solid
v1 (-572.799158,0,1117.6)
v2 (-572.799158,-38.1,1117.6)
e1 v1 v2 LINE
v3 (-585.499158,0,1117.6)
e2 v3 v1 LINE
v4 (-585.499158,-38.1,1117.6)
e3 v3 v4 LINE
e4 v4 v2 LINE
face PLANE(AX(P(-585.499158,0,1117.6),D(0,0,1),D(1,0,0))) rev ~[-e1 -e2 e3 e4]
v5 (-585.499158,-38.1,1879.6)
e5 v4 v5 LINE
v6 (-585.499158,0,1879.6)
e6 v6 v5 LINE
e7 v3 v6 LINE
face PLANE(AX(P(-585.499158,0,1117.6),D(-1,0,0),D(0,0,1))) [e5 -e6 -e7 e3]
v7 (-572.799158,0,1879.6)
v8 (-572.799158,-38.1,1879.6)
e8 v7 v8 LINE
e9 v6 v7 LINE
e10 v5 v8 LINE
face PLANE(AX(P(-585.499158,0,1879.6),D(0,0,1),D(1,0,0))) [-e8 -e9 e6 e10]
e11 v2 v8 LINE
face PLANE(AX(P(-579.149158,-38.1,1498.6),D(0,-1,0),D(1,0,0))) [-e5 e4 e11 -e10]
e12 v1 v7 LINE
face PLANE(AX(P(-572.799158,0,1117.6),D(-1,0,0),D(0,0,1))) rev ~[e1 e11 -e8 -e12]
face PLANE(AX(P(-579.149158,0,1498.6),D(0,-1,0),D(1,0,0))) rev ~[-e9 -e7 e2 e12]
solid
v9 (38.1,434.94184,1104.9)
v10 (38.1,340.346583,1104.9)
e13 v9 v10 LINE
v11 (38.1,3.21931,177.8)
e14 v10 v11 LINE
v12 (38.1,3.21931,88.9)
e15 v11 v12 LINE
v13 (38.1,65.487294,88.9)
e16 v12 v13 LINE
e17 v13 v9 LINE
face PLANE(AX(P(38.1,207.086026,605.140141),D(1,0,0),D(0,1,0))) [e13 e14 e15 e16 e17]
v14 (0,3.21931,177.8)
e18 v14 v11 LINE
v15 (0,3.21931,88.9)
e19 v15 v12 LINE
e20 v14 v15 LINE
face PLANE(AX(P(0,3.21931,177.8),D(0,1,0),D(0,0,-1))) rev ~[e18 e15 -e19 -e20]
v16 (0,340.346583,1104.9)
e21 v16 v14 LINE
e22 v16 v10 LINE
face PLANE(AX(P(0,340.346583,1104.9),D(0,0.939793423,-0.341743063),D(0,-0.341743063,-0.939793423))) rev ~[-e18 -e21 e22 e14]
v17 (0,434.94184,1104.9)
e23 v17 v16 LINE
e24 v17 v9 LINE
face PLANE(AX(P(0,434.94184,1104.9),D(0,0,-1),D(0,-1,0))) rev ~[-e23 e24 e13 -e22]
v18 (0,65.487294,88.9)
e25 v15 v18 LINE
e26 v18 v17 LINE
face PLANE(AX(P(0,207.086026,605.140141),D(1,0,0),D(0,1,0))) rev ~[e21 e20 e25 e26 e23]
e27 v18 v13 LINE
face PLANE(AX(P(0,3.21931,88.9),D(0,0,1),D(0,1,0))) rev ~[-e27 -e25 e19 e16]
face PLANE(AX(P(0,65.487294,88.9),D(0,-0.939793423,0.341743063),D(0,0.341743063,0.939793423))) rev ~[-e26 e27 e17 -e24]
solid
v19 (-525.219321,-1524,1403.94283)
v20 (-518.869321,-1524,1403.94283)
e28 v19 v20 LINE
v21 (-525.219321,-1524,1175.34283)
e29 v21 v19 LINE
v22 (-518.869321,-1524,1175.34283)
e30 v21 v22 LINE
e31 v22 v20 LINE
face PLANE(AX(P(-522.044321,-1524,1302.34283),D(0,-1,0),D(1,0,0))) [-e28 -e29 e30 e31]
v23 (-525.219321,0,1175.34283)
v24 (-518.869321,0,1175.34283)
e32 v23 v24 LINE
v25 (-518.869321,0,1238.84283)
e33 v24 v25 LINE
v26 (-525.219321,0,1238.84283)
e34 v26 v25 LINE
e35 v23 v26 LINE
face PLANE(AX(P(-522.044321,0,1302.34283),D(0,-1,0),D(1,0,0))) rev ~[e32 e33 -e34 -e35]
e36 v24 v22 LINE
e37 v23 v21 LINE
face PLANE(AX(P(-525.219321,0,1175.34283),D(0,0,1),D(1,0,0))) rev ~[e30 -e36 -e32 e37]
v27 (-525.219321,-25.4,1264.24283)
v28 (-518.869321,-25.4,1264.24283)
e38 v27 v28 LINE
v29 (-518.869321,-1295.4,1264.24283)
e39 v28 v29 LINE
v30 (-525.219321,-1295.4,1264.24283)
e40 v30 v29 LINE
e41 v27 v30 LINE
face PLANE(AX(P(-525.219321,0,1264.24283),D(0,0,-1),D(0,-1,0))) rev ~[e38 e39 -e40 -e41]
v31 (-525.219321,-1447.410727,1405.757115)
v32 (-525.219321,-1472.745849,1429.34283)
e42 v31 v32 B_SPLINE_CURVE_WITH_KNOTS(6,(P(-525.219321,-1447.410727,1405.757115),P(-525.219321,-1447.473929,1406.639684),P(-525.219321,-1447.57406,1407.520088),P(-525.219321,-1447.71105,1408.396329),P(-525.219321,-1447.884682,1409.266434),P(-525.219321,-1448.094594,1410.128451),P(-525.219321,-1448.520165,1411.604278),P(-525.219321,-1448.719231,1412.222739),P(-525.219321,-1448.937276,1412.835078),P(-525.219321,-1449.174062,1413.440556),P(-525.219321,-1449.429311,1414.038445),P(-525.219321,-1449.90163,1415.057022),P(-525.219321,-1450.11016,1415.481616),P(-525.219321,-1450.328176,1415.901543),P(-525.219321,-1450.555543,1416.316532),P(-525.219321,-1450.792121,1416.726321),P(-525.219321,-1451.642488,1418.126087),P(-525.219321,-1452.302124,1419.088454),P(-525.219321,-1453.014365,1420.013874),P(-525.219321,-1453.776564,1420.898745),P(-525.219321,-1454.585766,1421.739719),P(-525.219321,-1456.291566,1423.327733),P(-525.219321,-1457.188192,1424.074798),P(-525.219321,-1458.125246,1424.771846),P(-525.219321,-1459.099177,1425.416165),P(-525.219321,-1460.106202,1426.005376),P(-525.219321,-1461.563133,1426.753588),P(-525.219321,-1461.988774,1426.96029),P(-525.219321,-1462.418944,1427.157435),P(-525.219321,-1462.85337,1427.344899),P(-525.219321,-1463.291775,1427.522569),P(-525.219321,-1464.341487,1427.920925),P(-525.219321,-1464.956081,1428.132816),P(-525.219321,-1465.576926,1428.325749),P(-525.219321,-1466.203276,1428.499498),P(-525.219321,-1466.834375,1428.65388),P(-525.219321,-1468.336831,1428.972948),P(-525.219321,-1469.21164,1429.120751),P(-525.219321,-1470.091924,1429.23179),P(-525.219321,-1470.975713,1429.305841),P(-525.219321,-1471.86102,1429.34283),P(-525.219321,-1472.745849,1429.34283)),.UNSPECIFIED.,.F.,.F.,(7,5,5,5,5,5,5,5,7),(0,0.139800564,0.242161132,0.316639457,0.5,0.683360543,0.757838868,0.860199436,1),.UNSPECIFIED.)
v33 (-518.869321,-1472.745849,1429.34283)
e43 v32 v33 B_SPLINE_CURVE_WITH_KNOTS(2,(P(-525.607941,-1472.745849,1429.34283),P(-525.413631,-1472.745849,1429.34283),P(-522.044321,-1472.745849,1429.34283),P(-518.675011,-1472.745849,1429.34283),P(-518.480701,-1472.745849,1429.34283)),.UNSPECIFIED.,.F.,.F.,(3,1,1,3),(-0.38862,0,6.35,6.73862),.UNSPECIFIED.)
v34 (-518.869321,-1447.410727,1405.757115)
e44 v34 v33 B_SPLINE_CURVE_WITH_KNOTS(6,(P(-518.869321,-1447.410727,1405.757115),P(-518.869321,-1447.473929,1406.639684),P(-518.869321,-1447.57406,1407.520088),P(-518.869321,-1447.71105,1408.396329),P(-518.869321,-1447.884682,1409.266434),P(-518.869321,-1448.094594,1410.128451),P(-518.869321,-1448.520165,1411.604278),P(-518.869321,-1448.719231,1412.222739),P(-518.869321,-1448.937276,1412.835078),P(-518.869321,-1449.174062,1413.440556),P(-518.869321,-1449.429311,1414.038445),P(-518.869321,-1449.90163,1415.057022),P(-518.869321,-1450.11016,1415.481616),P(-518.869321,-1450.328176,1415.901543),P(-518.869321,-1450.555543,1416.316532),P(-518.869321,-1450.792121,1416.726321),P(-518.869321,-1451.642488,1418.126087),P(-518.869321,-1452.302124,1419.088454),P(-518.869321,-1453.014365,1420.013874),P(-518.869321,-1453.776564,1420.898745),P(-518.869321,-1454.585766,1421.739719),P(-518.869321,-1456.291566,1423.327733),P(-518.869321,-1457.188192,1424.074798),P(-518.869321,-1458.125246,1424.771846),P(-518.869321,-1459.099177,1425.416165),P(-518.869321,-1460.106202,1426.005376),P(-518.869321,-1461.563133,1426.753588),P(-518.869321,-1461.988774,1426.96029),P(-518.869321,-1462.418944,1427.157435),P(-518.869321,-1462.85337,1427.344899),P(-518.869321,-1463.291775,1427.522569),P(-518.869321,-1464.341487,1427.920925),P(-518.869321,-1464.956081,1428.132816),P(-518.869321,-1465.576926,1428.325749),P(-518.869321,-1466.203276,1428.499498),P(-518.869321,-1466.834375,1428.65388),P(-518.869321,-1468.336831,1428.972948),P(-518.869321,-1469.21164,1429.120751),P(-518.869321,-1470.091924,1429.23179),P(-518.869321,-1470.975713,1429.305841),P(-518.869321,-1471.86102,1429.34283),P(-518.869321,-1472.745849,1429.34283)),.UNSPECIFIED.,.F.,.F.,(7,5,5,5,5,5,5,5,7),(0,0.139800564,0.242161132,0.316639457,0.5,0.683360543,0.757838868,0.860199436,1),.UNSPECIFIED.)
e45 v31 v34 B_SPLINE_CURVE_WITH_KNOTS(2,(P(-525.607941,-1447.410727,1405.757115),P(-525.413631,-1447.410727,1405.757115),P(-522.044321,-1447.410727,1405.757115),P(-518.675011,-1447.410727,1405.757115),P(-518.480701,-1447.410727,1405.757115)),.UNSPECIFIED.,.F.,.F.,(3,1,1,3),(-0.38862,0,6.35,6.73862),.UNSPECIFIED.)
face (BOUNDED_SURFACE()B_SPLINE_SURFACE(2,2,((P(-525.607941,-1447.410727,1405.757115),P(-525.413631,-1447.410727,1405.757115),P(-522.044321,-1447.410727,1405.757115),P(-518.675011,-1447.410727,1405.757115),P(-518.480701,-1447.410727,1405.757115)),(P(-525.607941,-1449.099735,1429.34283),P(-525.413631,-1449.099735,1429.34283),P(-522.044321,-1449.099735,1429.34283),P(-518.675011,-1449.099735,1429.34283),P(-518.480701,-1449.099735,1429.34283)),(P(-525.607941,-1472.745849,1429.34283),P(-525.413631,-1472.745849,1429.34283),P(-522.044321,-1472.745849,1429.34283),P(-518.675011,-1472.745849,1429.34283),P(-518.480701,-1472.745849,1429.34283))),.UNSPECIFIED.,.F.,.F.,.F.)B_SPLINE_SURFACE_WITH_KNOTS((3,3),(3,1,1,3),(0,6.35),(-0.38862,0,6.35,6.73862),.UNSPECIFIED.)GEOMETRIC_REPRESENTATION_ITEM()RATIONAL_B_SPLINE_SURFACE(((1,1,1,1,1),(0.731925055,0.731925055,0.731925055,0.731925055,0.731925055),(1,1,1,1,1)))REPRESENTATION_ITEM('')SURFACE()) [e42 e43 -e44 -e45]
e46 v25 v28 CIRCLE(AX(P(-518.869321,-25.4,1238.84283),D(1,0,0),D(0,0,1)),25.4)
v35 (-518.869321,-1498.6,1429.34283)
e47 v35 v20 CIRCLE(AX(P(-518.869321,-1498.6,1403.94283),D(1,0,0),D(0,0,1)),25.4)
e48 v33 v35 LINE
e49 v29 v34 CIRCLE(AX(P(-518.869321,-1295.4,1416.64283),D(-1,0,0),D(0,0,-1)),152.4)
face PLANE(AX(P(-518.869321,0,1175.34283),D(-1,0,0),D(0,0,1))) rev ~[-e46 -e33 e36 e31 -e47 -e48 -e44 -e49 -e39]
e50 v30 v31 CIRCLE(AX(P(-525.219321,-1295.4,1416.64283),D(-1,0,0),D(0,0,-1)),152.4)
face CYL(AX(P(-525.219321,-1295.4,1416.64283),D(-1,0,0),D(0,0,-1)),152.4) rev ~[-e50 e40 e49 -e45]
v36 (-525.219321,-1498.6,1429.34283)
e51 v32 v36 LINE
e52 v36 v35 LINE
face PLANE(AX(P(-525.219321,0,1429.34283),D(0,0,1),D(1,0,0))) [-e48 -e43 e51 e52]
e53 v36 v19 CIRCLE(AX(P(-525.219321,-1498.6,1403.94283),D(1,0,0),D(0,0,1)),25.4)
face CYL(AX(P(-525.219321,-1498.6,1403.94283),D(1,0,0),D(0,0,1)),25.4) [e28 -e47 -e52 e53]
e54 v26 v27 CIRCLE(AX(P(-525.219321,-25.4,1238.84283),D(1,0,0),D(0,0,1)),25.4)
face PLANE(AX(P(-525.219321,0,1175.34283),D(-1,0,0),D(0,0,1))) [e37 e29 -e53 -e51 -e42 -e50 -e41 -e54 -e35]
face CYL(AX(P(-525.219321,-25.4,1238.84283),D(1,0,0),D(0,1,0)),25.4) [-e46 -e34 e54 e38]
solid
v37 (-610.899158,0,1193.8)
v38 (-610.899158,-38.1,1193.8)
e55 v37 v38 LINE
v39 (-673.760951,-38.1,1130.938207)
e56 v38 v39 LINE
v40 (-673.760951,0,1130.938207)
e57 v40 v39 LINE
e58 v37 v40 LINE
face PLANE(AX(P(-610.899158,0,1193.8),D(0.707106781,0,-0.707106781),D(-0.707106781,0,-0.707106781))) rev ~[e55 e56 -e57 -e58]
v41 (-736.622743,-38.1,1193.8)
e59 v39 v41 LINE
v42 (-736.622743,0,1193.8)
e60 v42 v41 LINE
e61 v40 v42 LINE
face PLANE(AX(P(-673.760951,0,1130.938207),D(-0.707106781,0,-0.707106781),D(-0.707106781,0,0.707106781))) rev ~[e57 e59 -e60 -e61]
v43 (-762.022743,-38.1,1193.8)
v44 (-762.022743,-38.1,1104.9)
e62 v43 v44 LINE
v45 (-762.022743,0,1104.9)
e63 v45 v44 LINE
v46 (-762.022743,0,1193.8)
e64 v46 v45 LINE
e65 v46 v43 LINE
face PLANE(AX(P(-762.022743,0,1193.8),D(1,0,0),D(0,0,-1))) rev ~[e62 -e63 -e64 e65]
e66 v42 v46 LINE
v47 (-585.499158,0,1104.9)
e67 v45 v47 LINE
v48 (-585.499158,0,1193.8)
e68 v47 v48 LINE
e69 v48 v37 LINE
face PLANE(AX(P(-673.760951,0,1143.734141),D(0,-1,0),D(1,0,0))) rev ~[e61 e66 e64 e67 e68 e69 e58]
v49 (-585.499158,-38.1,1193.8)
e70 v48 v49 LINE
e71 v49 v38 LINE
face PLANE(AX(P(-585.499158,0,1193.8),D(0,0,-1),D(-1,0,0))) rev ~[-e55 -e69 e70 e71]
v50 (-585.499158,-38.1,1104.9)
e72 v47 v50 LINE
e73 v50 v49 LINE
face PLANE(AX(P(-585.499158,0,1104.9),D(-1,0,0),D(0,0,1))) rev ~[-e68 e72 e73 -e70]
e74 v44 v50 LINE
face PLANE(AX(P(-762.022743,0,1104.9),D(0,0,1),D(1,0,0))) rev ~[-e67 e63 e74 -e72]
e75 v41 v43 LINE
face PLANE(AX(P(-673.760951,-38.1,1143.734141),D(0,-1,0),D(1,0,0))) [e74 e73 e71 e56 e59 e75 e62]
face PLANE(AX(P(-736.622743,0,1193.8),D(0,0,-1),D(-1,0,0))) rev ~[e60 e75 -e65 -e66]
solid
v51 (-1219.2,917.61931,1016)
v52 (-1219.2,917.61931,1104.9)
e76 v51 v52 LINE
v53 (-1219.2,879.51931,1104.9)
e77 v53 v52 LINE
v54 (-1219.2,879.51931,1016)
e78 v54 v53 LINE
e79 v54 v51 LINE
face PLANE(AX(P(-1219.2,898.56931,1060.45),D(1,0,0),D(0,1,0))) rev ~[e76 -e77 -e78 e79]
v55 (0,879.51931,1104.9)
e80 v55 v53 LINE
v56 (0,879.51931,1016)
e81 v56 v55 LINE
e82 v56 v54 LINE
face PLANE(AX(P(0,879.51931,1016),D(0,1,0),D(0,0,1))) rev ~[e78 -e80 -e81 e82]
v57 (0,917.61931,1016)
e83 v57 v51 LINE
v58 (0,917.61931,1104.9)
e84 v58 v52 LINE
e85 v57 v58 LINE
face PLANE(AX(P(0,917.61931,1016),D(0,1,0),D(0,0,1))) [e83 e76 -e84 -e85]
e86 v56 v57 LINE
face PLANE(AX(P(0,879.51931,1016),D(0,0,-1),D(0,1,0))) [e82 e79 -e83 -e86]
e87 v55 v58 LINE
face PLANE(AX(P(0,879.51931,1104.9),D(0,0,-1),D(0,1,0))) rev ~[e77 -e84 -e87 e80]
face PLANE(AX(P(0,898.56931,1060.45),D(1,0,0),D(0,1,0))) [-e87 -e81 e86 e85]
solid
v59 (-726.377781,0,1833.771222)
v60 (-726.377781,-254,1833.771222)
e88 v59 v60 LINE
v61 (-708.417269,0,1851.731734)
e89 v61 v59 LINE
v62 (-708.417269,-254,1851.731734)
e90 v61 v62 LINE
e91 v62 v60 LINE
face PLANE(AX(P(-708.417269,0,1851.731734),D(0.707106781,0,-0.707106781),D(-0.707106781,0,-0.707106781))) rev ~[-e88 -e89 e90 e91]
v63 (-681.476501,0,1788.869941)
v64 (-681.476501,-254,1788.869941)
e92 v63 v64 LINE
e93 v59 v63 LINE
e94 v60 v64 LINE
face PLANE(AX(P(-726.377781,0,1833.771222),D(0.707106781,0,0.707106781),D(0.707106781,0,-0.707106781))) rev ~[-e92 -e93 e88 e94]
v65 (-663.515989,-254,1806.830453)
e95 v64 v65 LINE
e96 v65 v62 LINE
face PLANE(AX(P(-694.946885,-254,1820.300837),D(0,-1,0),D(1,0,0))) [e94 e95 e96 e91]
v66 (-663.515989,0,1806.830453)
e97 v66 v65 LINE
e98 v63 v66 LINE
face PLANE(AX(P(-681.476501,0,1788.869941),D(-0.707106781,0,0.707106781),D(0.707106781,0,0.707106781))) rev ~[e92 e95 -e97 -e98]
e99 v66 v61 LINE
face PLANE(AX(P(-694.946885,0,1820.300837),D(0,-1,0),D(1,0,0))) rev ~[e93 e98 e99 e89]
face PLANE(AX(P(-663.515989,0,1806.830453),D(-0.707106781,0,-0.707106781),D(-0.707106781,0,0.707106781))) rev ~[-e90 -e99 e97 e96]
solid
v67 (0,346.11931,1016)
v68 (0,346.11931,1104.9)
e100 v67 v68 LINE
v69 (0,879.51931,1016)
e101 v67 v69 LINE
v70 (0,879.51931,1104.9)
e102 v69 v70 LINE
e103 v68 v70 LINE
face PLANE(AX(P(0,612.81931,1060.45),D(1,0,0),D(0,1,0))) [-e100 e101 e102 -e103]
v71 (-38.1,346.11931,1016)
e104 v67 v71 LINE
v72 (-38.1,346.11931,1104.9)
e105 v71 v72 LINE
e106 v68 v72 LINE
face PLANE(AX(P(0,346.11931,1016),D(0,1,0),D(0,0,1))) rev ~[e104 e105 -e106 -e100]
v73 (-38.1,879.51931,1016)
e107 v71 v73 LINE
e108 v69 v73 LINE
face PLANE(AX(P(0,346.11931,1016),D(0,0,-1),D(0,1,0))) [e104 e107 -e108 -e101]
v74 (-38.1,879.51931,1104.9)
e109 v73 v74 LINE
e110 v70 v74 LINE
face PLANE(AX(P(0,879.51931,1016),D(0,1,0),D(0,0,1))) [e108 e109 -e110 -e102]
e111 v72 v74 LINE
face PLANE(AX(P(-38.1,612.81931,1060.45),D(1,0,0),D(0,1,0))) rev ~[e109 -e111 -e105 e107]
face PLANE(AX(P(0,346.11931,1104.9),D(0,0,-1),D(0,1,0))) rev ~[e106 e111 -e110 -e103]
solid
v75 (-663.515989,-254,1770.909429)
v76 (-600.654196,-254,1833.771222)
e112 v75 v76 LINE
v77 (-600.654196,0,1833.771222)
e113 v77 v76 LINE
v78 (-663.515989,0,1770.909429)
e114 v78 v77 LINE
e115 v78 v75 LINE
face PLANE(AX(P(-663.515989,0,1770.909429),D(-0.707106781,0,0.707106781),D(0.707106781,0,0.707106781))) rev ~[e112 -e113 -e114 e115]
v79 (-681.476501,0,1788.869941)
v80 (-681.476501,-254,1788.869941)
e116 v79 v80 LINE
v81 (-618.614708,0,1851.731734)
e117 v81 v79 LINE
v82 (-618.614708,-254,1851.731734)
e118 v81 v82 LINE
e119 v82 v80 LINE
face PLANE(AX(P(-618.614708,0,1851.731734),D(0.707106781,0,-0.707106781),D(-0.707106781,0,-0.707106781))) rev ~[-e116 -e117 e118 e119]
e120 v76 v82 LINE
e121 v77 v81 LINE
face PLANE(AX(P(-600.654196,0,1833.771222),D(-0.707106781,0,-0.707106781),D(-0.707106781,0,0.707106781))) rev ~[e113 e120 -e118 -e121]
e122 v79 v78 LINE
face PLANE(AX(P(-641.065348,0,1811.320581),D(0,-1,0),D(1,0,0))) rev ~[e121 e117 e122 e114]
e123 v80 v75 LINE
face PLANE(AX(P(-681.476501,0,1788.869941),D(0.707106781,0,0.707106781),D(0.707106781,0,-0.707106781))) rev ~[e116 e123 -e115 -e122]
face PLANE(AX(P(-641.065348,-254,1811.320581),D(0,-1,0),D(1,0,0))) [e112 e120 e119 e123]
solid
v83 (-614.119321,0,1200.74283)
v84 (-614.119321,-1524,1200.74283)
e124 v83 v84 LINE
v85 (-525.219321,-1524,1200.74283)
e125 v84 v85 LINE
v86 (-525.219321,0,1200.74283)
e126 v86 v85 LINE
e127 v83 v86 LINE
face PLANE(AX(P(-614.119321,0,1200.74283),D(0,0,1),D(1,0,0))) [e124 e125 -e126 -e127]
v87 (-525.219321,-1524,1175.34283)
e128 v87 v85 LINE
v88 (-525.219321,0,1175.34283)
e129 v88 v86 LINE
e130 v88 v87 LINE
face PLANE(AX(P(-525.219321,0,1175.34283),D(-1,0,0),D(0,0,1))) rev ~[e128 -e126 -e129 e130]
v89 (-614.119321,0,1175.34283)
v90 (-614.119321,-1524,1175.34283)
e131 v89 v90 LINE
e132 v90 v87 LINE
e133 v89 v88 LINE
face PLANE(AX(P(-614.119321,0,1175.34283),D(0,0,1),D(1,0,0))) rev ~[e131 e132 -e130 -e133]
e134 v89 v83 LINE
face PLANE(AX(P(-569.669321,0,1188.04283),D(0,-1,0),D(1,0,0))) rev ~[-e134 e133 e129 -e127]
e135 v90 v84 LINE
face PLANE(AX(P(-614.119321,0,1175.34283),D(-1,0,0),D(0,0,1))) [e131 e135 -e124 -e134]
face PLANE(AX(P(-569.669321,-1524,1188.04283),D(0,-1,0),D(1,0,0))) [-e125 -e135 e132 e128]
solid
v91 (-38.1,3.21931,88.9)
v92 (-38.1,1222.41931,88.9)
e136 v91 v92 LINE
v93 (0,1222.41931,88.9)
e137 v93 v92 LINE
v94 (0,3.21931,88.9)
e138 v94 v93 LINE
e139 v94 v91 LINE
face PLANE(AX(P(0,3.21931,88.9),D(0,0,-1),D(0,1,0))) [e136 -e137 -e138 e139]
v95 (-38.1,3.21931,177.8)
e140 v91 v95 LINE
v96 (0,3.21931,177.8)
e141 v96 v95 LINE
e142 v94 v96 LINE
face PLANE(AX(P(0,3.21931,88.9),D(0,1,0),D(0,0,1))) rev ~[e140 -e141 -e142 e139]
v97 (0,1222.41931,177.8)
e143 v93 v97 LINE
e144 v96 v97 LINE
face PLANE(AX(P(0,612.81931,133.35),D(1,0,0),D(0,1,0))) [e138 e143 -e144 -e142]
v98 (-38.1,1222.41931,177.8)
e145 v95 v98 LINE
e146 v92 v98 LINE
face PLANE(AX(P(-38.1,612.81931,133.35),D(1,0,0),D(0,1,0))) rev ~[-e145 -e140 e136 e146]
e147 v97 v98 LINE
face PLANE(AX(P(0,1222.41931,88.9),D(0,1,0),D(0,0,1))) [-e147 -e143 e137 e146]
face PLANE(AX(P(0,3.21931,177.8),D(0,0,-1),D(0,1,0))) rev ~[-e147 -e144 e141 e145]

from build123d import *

# Parameters (mm, degrees)
F3_W      = 533.4
F3_H      = 88.9
F4_DEPTH  = 38.1
F5_W      = 38.1
F5_H      = 88.9
F6_DEPTH  = 1219.2
F8_DEPTH  = 38.1
F9_W      = 1219.2
F9_H      = 88.9
F10_DEPTH = 38.1
F11_W     = 88.9
F11_H     = 25.4
F12_DEPTH = 1524
F13_W     = 6.35
F13_H     = 254
F14_DEPTH = 1524
F16_DEPTH = 25.4
F17_R     = 25.4
F20_DEPTH = 254
F22_DEPTH = 254
F24_DEPTH = 38.1
F25_W     = 12.7
F25_H     = 762
F26_DEPTH = 38.1


with BuildPart() as f4:
    # F3 (on Right) → F4 (new body)
    with BuildSketch(Plane.YZ):
        with Locations((612.819310236, 1060.45)):
            Rectangle(F3_W, F3_H)
    extrude(amount=-F4_DEPTH)


with BuildPart() as f6:
    # F5 (on Right) → F6 (new body)
    with BuildSketch(Plane.YZ):
        with Locations((898.569310236, 1060.45)):
            Rectangle(F5_W, F5_H)
    extrude(amount=-F6_DEPTH)


with BuildPart() as f8:
    # F7 (on Right) → F8 (new body)
    with BuildSketch(Plane.YZ):
        Polygon((65.4872940599, 88.9), (434.9418395144, 1104.9), (340.3465829632, 1104.9), (3.219310236, 177.8), (3.219310236, 88.9), align=None)
    extrude(amount=F8_DEPTH)


with BuildPart() as f10:
    # F9 (on Right) → F10 (new body)
    with BuildSketch(Plane.YZ):
        with Locations((612.819310236, 133.35)):
            Rectangle(F9_W, F9_H)
    extrude(amount=-F10_DEPTH)


with BuildPart() as f12:
    # F11 (on Front) → F12 (new body)
    with BuildSketch(Plane.XZ):
        with Locations((-569.6693211794, 1188.0428296248)):
            Rectangle(F11_W, F11_H)
    extrude(amount=F12_DEPTH)


with BuildPart() as f14:
    # F13 (on Front) → F14 (new body)
    with BuildSketch(Plane.XZ):
        with Locations((-522.0443211794, 1302.3428296248)):
            Rectangle(F13_W, F13_H)
    extrude(amount=F14_DEPTH)

    # F15 (on face) → F16 (cut)
    with BuildSketch(Plane(origin=(-525.2193211794, 0, 0), x_dir=(0, -1, 0), z_dir=(-1, 0, 0))):
        with BuildLine():
            Line((1447.8, 1429.3428296248), (0, 1429.3428296248))
            Line((0, 1429.3428296248), (0, 1264.2428296248))
            Line((0, 1264.2428296248), (1295.4, 1264.2428296248))
            ThreePointArc((1295.4, 1264.2428296248), (1403.1630734528, 1308.879756172), (1447.8, 1416.6428296248))
            Line((1447.8, 1416.6428296248), (1447.8, 1429.3428296248))
        make_face()
    extrude(amount=-F16_DEPTH, mode=Mode.SUBTRACT)

    # F17
    f17_edges = [f14.edges().sort_by_distance(p)[0] for p in [
        (-522.044321, 0, 1264.24283),
        (-522.044321, -1447.8, 1429.34283),
        (-522.044321, -1524, 1429.34283),
    ]]
    fillet(f17_edges, radius=F17_R)


with BuildPart() as f20:
    # F19 (on Front) → F20 (new body)
    with BuildSketch(Plane.XZ):
        Polygon((-708.4172691947, 1851.7317339102), (-726.3777814369, 1833.7712216681), (-681.4765008315, 1788.8699410628), (-663.5159885894, 1806.8304533049), align=None)
    extrude(amount=F20_DEPTH)


with BuildPart() as f22:
    # F21 (on Front) → F22 (new body)
    with BuildSketch(Plane.XZ):
        Polygon((-681.4765008315, 1788.8699410628), (-663.5159885894, 1770.9094288206), (-600.6541957419, 1833.7712216681), (-618.614707984, 1851.7317339102), align=None)
    extrude(amount=F22_DEPTH)


with BuildPart() as f24:
    # F23 (on face) → F24 (new body)
    with BuildSketch(Plane.XZ):
        Polygon((-736.6227434128, 1193.8), (-762.0227434128, 1193.8), (-762.0227434128, 1104.9), (-585.4991577179, 1104.9), (-585.4991577179, 1193.8), (-610.8991577179, 1193.8), (-673.7609505653, 1130.9382071525), align=None)
    extrude(amount=F24_DEPTH)


with BuildPart() as f26:
    # F25 (on face) → F26 (new body)
    with BuildSketch(Plane.XZ):
        with Locations((-579.1491577179, 1498.6)):
            Rectangle(F25_W, F25_H)
    extrude(amount=F26_DEPTH)


solid = Compound([f4.part, f6.part, f8.part, f10.part, f12.part, f14.part, f20.part, f22.part, f24.part, f26.part])
